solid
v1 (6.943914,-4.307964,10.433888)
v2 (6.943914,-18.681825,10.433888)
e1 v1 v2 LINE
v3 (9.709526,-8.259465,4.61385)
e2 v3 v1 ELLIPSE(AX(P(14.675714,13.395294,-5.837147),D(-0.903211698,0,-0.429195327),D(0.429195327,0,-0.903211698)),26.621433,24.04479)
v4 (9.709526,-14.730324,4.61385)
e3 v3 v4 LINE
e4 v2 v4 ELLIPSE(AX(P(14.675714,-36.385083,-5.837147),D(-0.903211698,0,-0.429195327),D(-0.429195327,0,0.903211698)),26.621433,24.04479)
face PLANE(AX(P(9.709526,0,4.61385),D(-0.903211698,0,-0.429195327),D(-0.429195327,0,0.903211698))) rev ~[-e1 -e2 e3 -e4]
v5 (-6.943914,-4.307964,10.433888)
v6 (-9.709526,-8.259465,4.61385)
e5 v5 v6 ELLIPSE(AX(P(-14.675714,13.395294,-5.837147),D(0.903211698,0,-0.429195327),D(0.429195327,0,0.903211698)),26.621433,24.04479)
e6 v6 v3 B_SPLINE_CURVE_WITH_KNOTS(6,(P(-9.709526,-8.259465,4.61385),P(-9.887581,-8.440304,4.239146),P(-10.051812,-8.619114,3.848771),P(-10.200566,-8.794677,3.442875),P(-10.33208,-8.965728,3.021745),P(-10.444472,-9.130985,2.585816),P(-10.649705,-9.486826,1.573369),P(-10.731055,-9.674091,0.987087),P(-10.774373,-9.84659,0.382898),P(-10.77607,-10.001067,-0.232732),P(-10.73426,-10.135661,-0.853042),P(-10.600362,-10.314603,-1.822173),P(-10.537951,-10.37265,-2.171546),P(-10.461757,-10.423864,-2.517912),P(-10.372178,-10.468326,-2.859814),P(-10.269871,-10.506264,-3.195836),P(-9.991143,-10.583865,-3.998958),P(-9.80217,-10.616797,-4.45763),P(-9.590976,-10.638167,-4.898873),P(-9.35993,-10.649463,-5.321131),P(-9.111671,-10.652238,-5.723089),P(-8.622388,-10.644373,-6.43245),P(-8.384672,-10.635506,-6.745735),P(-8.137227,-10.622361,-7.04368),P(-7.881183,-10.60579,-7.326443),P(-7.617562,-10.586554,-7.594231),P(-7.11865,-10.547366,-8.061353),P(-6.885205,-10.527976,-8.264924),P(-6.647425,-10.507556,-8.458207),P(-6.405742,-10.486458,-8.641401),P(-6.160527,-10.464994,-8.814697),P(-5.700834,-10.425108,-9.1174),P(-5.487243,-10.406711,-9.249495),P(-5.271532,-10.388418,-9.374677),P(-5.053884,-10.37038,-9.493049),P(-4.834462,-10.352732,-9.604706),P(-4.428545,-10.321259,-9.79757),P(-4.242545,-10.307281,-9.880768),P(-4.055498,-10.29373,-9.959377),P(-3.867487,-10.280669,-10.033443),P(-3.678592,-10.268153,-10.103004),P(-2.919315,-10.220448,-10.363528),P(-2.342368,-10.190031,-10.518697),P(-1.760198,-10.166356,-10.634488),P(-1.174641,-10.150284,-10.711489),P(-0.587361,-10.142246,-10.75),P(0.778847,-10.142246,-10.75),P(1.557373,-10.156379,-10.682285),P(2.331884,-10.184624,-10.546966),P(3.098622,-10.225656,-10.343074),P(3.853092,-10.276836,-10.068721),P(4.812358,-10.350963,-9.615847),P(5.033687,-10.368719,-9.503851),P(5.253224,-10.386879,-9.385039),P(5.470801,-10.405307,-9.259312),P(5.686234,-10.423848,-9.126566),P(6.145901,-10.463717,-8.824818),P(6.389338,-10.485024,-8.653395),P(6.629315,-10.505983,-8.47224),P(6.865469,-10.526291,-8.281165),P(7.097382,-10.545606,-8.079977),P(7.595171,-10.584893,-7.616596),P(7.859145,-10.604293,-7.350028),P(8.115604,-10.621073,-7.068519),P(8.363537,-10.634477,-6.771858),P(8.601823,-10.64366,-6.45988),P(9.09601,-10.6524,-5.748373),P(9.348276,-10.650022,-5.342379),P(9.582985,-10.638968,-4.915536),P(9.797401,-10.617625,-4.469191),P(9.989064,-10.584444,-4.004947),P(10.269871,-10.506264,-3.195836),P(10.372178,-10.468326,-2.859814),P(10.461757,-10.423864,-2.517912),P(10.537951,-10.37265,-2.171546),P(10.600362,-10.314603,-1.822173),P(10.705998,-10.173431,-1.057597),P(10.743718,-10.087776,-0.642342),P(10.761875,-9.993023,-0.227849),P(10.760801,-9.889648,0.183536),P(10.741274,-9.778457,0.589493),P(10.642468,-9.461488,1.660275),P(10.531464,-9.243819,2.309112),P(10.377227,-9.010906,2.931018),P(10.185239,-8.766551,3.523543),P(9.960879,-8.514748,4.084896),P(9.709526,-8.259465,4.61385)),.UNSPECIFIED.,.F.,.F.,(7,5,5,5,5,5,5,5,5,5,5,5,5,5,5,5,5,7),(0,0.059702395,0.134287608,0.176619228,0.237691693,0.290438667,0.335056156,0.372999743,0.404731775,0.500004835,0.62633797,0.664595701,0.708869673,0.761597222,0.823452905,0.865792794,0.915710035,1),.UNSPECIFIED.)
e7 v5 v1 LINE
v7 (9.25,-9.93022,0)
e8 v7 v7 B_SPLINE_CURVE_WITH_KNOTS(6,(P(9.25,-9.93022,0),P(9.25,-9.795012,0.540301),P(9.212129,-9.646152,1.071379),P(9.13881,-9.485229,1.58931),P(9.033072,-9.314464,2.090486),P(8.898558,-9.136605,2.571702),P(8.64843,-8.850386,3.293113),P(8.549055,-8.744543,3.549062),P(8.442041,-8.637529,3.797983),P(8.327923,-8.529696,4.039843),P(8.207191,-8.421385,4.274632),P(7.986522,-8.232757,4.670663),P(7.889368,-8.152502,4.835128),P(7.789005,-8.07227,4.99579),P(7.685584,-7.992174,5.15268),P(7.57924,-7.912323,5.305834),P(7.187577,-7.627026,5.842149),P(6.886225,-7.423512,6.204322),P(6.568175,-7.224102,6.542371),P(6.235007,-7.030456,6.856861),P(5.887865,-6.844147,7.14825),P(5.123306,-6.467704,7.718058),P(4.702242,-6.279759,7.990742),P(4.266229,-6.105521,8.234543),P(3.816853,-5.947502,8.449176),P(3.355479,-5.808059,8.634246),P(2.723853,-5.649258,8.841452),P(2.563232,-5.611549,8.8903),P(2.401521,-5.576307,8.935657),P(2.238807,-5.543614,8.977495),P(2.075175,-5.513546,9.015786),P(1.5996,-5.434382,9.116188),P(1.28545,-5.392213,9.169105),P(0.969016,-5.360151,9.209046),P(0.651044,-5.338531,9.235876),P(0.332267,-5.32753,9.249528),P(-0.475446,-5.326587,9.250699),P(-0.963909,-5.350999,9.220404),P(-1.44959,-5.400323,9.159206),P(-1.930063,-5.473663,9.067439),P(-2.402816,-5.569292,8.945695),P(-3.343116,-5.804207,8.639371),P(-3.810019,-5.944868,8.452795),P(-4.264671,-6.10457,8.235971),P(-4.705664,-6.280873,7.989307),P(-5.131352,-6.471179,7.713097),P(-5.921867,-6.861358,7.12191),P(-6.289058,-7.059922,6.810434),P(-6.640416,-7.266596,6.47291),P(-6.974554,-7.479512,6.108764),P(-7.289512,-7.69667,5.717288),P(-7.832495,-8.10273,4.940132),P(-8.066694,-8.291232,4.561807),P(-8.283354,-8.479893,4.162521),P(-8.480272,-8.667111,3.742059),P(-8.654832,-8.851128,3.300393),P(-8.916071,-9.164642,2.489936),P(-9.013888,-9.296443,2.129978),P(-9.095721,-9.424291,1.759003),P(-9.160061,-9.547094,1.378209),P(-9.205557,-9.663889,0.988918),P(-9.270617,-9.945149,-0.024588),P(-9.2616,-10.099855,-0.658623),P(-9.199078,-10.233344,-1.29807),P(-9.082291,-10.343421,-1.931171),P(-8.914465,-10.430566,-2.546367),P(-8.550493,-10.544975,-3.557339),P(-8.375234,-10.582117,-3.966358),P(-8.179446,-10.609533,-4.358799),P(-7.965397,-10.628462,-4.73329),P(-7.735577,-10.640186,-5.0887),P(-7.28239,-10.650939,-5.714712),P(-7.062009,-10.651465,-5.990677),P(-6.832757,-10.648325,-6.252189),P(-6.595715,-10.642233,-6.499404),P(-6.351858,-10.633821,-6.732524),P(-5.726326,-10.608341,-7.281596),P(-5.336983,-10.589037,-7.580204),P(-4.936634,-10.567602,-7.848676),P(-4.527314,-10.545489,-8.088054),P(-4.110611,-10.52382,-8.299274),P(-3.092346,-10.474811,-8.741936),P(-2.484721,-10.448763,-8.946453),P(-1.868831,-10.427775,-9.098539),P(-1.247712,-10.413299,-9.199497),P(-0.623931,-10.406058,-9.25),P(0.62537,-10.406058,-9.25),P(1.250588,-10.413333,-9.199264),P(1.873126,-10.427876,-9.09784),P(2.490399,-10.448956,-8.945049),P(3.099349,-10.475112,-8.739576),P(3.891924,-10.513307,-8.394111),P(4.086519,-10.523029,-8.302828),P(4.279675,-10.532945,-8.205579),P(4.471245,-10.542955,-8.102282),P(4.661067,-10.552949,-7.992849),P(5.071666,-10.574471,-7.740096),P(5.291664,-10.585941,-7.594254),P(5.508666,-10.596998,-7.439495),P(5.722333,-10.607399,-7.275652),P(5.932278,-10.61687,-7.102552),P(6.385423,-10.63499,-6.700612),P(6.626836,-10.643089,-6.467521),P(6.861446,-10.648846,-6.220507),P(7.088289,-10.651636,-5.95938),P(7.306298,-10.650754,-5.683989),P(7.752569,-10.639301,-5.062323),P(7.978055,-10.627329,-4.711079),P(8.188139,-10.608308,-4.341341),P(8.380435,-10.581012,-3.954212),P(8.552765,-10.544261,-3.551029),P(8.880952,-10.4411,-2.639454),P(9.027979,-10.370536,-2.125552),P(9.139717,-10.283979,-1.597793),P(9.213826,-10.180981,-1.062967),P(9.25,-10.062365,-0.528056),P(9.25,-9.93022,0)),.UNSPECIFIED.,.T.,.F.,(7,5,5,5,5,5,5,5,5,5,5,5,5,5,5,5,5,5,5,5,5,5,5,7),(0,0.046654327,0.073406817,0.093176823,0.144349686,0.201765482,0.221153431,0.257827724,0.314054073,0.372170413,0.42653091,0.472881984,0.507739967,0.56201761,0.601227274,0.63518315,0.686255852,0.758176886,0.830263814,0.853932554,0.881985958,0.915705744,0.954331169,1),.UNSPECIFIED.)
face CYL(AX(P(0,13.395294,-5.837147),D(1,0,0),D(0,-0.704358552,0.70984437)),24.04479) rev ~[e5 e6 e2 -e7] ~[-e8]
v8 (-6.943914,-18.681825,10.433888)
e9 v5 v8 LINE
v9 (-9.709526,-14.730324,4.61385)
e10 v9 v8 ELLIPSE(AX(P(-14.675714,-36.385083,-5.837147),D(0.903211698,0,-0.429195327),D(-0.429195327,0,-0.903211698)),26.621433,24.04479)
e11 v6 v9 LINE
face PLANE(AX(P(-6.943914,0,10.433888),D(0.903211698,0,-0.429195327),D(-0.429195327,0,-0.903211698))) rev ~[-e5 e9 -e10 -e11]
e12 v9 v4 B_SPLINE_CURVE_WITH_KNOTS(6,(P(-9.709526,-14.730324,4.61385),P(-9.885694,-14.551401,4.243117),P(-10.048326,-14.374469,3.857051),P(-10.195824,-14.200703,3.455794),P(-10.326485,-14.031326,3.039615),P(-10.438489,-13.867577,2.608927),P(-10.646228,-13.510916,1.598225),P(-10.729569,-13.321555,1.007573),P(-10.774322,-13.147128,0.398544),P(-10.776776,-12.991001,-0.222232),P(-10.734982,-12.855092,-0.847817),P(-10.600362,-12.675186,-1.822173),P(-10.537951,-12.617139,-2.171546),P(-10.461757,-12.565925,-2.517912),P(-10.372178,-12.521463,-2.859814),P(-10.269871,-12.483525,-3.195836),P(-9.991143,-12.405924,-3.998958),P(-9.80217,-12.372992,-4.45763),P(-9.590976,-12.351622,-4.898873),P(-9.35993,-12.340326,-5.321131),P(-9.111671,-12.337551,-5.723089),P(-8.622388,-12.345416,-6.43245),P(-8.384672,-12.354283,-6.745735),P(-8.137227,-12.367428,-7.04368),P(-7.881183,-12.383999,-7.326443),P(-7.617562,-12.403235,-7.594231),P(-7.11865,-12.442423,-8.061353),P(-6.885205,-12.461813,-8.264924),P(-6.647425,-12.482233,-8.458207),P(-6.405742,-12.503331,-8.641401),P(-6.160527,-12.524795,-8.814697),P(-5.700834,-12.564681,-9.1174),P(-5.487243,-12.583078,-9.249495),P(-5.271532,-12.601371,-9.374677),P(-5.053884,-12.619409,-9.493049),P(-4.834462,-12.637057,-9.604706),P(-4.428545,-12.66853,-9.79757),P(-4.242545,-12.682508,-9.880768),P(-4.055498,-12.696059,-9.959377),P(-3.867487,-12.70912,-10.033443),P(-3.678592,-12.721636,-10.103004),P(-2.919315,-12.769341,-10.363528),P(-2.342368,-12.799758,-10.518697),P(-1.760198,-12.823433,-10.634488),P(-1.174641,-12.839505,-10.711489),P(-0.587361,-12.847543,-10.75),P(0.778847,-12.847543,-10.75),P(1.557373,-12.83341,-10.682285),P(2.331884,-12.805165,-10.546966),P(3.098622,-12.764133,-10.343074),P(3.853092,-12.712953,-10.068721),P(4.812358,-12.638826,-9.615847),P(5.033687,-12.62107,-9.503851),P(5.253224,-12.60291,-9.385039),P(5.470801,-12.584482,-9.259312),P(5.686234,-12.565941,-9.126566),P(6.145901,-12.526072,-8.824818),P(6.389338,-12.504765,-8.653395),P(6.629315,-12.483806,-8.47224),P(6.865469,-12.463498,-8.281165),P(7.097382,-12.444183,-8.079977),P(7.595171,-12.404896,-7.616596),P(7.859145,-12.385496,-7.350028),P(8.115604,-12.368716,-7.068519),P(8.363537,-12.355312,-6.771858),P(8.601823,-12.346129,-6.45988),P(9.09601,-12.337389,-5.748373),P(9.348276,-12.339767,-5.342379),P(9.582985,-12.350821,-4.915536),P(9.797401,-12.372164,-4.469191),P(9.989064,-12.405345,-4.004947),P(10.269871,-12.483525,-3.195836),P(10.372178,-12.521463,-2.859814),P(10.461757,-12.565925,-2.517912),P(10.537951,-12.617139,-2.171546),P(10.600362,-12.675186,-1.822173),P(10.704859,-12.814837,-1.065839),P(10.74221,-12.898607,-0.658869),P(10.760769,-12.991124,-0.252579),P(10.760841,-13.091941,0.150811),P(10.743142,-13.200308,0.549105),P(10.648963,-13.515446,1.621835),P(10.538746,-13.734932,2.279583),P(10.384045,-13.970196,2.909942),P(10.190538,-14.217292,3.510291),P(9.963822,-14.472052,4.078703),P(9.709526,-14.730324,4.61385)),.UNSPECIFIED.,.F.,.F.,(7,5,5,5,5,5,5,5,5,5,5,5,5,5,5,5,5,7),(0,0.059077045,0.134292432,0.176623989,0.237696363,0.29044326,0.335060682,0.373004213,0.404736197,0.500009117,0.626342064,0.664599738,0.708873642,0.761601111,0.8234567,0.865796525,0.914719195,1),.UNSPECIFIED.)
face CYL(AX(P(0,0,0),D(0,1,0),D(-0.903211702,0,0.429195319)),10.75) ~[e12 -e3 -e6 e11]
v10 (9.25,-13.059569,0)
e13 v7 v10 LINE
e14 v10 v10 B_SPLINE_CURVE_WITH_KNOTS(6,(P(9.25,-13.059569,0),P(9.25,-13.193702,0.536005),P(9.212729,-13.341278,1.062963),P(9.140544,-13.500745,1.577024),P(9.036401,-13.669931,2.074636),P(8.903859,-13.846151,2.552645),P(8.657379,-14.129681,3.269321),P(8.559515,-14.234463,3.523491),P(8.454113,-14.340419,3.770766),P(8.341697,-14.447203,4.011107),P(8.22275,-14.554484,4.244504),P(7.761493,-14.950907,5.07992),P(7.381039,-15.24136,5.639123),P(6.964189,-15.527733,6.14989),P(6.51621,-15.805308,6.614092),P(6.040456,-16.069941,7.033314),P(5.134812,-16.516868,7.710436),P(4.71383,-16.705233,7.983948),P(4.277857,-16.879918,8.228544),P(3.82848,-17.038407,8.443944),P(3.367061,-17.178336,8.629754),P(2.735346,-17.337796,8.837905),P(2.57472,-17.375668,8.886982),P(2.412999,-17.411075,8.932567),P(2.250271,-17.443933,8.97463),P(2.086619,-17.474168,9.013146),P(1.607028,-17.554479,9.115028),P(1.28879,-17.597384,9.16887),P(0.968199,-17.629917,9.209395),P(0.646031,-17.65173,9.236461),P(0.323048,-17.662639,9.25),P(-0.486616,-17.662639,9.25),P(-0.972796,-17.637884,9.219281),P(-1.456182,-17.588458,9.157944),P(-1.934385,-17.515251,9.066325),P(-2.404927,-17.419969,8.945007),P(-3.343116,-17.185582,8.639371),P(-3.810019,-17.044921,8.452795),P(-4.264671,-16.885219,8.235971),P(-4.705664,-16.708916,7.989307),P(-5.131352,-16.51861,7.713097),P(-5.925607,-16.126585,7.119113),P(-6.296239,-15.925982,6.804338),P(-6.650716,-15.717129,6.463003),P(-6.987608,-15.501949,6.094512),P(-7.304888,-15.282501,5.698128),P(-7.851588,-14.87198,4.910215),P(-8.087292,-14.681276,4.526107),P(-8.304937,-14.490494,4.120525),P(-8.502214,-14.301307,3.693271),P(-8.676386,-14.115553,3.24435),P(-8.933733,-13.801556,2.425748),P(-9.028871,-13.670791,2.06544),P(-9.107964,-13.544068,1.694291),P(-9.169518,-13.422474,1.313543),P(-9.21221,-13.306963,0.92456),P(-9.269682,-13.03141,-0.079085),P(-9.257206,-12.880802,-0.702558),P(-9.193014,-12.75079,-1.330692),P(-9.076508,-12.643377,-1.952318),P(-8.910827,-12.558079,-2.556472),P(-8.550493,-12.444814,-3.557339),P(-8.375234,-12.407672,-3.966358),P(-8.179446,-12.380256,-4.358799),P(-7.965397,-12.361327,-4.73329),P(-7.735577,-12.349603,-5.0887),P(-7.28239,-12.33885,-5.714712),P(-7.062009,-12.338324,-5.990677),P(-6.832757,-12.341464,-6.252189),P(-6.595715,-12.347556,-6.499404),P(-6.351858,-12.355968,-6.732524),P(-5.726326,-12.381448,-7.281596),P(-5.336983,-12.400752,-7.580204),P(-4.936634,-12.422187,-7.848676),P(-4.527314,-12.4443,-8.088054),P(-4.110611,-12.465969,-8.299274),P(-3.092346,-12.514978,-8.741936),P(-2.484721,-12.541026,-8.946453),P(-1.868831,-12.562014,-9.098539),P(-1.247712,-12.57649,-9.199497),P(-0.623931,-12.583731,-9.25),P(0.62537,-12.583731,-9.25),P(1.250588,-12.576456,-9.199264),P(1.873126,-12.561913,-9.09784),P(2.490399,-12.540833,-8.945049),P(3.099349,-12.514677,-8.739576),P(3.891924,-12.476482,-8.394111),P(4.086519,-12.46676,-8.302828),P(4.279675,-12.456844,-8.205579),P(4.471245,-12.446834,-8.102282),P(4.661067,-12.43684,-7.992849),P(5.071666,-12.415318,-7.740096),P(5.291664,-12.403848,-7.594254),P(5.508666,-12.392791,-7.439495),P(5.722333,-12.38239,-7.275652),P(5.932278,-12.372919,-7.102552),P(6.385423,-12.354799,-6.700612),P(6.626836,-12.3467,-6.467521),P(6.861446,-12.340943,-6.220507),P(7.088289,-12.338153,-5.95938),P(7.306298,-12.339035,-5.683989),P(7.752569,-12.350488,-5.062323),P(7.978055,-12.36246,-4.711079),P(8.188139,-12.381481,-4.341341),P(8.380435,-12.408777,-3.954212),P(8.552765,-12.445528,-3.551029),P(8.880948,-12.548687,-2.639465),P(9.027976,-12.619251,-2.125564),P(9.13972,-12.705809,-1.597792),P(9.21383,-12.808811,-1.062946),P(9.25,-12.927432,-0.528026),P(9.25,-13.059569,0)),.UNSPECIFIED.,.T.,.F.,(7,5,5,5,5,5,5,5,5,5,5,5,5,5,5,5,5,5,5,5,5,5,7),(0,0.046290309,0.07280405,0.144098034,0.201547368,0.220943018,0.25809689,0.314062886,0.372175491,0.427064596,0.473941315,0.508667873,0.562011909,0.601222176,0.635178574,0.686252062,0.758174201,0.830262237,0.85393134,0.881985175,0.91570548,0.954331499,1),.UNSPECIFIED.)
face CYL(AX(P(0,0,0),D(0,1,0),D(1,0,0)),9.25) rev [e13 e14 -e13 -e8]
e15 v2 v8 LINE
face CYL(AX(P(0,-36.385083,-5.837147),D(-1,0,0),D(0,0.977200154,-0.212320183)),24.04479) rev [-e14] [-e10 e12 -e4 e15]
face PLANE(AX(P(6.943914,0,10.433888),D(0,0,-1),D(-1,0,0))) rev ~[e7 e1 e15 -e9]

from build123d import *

# Parameters (mm, degrees)
F0_R     = 9.25
F1_DEPTH = 25.4
F3_DEPTH = 12.7


with BuildPart() as f1:
    # F0 (on Front) → F1 (new body)
    with BuildSketch(Plane.XZ):
        with BuildLine():
            Line((-6.943914, 10.433888), (-9.709526, 4.61385))
            ThreePointArc((-9.709526, 4.61385), (0, -10.75), (9.709526, 4.61385))
            Line((9.709526, 4.61385), (6.943914, 10.433888))
            Line((6.943914, 10.433888), (2.587756, 10.433888))
            Line((2.587756, 10.433888), (-2.587756, 10.433888))
            Line((-2.587756, 10.433888), (-6.943914, 10.433888))
        make_face()
        Circle(F0_R, mode=Mode.SUBTRACT)
    extrude(amount=F1_DEPTH)

    # F2 (on Right) → F3 (cut, symmetric)
    with BuildSketch(Plane.YZ):
        with BuildLine():
            ThreePointArc((-12.888511, -10.942341), (-13.328314, 0.984679), (-19.44893, 11.230912))
            Line((-19.44893, 11.230912), (-29.896255, 11.230912))
            Line((-29.896255, 11.230912), (-28.956093, -13.811551))
            Line((-28.956093, -13.811551), (-12.888511, -10.942341))
        make_face()
        with BuildLine():
            Line((6.906466, 11.230912), (-3.540859, 11.230912))
            ThreePointArc((-3.540859, 11.230912), (-9.661475, 0.984679), (-10.101278, -10.942341))
            Line((-10.101278, -10.942341), (5.966304, -13.811551))
            Line((5.966304, -13.811551), (6.906466, 11.230912))
        make_face()
    extrude(amount=F3_DEPTH, both=True, mode=Mode.SUBTRACT)


solid = f1.part
